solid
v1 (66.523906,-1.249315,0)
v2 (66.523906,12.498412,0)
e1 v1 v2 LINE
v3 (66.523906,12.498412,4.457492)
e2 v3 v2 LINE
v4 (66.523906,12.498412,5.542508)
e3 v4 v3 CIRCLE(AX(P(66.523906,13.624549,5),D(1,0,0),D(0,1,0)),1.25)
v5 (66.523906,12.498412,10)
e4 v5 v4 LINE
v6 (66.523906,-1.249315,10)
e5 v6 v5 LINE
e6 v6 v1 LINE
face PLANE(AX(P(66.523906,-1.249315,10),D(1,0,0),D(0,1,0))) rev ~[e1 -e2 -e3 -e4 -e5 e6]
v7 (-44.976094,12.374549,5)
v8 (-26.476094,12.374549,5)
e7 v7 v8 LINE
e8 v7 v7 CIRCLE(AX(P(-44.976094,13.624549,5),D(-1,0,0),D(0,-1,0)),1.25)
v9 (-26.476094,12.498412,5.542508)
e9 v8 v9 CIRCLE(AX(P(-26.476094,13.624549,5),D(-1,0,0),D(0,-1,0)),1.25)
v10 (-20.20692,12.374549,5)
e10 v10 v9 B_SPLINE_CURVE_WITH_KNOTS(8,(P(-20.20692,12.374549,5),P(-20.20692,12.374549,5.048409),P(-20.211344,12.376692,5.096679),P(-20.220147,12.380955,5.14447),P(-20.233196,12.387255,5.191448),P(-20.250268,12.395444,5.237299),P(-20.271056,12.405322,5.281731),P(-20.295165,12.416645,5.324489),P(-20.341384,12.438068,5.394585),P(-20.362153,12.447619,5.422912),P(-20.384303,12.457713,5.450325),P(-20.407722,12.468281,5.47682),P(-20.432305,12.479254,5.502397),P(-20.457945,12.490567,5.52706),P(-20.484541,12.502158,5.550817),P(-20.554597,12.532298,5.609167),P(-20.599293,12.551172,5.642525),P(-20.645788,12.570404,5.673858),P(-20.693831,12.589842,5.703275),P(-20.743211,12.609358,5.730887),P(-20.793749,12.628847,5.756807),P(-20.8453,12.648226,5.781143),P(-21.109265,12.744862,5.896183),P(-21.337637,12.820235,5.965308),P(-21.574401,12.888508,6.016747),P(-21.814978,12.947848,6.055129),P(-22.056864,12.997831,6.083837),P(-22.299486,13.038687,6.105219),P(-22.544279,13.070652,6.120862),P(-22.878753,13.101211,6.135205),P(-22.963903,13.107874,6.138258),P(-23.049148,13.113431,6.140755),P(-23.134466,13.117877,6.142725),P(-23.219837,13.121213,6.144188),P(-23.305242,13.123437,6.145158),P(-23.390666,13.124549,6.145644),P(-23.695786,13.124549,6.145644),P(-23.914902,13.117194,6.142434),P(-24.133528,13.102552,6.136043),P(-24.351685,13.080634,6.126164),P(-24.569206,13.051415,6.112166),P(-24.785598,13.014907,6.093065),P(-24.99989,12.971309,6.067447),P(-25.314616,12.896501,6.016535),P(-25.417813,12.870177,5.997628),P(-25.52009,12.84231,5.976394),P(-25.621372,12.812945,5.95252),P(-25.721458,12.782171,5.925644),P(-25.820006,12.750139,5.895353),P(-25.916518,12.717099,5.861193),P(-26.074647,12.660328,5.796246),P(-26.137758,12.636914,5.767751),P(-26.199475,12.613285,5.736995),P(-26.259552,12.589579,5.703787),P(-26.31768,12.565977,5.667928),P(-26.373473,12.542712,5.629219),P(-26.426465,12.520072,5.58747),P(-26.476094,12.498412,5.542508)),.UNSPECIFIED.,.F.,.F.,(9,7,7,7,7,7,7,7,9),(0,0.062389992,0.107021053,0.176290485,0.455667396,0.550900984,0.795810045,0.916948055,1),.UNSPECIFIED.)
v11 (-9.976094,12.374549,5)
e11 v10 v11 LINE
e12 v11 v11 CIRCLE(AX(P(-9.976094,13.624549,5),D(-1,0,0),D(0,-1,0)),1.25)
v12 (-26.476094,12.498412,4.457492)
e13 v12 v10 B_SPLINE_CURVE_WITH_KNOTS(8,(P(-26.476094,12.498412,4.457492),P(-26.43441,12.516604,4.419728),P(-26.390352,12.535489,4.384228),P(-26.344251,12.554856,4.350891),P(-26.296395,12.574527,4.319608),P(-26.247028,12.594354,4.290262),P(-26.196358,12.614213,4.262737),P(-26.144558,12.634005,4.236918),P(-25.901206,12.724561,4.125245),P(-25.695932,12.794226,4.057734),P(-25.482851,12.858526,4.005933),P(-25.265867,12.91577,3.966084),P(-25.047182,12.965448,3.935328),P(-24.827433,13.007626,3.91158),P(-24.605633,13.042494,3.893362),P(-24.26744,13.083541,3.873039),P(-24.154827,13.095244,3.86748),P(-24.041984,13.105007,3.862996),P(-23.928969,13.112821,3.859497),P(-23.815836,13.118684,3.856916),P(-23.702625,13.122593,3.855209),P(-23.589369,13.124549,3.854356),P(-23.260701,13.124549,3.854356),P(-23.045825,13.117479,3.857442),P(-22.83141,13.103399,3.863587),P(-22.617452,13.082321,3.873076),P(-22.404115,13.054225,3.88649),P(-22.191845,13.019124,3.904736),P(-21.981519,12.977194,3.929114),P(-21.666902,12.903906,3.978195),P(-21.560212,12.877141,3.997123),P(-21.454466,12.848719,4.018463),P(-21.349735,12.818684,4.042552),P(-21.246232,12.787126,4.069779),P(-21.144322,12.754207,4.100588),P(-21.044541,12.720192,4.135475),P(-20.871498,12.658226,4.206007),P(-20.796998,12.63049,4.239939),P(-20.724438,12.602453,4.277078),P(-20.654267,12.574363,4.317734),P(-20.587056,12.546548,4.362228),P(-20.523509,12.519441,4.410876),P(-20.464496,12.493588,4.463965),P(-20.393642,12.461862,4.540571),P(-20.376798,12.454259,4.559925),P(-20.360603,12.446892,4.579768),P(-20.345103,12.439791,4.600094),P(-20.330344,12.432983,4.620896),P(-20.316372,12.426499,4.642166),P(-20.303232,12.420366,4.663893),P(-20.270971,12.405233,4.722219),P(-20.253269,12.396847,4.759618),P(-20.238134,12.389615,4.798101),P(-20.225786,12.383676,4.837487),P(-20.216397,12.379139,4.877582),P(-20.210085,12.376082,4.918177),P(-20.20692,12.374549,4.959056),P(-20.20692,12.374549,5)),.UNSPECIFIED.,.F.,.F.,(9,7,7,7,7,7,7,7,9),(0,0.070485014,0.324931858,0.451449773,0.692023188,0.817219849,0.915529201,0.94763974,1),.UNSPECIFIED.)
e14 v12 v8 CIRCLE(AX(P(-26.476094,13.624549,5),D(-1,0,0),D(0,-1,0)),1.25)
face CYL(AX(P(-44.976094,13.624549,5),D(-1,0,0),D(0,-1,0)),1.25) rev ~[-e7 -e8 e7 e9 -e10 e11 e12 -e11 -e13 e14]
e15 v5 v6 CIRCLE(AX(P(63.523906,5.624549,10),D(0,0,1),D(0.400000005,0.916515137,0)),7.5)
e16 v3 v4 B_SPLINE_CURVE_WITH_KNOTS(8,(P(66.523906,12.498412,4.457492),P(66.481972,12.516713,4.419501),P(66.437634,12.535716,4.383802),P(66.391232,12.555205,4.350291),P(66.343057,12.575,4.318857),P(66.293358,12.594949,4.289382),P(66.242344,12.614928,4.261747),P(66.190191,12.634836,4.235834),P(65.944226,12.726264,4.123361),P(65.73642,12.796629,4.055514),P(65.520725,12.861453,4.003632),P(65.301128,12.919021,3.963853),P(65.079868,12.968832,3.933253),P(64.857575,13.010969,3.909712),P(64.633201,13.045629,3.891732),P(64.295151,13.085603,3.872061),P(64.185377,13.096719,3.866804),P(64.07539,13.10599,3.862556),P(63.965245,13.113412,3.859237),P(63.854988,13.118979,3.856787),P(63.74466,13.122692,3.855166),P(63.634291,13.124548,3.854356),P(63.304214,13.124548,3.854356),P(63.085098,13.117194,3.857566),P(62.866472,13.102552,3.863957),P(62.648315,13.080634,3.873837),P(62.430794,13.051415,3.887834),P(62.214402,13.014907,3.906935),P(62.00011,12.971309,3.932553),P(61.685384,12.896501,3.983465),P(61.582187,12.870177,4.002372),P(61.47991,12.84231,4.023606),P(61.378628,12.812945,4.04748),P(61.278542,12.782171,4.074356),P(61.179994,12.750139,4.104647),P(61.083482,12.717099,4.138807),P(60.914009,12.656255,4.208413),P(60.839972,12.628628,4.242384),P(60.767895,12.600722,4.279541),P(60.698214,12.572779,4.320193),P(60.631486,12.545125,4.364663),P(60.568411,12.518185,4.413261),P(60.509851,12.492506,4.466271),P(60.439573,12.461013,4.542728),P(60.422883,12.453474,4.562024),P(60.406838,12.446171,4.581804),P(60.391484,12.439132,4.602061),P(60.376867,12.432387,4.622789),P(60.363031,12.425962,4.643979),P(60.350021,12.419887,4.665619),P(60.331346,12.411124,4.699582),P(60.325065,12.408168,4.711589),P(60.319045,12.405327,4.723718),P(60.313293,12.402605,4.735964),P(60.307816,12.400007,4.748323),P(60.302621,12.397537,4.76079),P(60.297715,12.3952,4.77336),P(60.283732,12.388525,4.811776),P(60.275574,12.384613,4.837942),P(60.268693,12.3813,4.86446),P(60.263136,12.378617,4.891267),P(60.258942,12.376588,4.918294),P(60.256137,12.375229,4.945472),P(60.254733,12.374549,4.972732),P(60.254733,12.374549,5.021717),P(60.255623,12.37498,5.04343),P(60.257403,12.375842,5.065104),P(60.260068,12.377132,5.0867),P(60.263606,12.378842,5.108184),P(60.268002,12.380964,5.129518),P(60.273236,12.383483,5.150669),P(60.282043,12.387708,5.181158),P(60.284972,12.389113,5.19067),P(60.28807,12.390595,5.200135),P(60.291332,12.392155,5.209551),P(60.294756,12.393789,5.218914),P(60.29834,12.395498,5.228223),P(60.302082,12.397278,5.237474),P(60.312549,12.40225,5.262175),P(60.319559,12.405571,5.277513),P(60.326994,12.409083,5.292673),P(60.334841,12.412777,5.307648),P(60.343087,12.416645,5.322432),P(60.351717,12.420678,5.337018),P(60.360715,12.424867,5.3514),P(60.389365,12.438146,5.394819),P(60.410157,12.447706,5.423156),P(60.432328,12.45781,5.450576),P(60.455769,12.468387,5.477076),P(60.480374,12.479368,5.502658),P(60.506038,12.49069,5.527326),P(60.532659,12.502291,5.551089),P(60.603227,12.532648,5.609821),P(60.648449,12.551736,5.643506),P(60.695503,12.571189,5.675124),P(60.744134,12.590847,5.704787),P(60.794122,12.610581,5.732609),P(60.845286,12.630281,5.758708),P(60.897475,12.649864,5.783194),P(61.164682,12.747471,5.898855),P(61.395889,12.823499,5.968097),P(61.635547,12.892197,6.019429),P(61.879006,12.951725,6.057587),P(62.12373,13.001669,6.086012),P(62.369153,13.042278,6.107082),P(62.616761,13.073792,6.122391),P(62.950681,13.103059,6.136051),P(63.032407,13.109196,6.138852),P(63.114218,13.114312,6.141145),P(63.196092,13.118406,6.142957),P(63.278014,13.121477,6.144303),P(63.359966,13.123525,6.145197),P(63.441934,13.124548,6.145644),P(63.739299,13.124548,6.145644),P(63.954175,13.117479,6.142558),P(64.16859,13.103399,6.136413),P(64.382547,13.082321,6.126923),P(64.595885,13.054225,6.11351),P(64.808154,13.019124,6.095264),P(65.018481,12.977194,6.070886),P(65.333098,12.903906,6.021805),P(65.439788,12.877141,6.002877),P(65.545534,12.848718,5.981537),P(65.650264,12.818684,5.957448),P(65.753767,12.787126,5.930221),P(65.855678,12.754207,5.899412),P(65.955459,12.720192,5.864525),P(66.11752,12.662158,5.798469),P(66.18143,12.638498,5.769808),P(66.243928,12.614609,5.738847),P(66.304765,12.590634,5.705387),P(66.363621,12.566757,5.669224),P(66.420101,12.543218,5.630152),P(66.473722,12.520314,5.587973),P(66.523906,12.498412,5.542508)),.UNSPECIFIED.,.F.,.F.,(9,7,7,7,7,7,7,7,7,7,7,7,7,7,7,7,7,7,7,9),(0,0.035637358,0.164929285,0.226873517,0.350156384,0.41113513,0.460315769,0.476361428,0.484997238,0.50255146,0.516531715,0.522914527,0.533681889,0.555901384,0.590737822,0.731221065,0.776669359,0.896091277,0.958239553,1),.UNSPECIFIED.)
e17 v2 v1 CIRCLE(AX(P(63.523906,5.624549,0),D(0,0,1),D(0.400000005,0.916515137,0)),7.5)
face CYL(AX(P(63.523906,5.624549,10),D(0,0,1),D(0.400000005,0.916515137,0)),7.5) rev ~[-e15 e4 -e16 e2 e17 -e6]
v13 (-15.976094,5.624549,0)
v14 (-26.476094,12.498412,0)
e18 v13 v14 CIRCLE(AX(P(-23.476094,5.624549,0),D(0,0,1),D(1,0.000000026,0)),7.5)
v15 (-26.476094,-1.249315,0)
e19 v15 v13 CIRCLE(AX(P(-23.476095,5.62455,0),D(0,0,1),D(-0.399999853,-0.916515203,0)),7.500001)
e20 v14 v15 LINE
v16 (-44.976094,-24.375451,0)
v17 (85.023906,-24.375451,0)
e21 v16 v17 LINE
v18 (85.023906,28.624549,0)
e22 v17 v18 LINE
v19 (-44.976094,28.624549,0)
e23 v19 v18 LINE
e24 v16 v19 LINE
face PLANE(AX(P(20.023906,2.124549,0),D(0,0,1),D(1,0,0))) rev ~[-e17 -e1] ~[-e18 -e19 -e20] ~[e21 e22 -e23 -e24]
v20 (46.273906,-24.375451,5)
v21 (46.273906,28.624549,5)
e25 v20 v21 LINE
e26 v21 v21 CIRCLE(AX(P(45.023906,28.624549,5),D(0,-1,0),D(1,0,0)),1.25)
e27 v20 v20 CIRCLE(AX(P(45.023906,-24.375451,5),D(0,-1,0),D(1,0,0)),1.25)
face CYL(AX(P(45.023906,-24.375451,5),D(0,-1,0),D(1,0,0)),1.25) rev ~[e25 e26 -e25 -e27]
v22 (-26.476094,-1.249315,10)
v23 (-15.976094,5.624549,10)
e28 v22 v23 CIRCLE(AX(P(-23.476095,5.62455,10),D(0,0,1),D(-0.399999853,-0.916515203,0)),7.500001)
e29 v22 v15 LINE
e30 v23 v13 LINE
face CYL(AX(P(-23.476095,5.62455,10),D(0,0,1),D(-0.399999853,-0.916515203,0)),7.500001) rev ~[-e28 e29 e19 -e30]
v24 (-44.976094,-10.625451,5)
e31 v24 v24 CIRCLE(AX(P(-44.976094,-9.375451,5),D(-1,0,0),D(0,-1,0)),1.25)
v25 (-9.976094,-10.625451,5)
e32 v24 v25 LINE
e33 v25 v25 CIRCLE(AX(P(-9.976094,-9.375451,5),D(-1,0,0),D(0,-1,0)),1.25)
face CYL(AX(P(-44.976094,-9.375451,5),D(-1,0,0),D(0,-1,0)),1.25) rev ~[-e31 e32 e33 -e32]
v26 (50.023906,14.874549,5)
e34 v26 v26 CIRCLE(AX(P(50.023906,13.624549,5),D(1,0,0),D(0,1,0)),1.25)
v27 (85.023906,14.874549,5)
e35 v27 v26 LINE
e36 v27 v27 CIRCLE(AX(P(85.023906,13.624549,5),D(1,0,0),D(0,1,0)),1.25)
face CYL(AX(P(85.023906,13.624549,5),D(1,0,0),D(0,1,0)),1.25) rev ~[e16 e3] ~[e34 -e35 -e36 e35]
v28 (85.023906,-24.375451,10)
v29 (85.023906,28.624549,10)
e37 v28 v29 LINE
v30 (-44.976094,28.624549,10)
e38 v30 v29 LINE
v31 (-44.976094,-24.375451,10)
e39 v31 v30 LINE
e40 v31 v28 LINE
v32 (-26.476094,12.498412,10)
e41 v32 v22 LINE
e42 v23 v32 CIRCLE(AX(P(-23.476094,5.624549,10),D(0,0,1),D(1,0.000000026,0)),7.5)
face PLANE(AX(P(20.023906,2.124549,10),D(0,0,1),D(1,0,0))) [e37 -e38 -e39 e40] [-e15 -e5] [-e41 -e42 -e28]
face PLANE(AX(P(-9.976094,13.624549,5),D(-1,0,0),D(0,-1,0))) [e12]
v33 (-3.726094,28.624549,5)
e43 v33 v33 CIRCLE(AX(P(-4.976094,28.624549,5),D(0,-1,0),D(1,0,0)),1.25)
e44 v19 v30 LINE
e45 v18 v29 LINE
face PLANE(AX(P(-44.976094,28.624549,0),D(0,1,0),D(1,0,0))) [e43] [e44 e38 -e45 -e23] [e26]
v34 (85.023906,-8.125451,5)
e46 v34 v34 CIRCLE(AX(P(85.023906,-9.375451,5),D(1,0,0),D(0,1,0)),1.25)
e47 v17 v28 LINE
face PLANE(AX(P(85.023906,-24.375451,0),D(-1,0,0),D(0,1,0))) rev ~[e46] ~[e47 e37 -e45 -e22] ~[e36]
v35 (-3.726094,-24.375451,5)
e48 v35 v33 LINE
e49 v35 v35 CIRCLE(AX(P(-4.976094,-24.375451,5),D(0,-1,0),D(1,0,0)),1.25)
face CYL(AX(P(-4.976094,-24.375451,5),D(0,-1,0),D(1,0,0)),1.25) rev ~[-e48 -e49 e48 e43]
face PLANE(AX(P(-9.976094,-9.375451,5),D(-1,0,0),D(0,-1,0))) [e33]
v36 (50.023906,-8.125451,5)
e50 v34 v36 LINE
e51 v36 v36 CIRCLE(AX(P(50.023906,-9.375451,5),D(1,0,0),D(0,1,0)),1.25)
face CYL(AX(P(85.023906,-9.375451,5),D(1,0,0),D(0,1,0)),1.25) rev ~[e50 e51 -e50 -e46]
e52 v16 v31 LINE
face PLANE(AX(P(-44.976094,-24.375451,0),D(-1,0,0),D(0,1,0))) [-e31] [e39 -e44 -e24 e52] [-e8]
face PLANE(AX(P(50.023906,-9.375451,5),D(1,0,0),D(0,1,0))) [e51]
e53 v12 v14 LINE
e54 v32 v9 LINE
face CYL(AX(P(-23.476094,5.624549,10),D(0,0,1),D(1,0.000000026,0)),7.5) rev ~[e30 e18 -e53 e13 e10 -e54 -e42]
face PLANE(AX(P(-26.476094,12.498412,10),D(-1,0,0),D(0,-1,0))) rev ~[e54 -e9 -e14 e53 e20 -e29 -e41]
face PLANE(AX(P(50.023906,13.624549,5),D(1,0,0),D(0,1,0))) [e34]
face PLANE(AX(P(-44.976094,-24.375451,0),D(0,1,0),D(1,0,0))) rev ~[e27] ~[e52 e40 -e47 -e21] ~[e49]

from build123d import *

# Parameters (mm, degrees)
F0_W     = 130
F0_H     = 53
F1_DEPTH = 10
F2_R     = 1.25
F5_DEPTH = 35
F3_R     = 1.25
F6_DEPTH = 53
F4_R     = 1.25
F7_DEPTH = 35
F9_DEPTH = 10


with BuildPart() as f1:
    # F0 (on Top) → F1 (new body)
    with BuildSketch(Plane.XY):
        with Locations((20.023906, 2.124549)):
            Rectangle(F0_W, F0_H)
    extrude(amount=F1_DEPTH)

    # F2 (on face) → F5 (cut)
    with BuildSketch(Plane.YZ.offset(85.023906)):
        with Locations((-9.375451, 5)):
            Circle(F2_R)
        with Locations((13.624549, 5)):
            Circle(F2_R)
    extrude(amount=-F5_DEPTH, mode=Mode.SUBTRACT)

    # F3 (on face) → F6 (cut, through all)
    with BuildSketch(Plane.XZ.offset(24.375451)):
        with Locations((-4.976094, 5)):
            Circle(F3_R)
        with Locations((45.023906, 5)):
            Circle(F3_R)
    extrude(amount=-F6_DEPTH, mode=Mode.SUBTRACT)

    # F4 (on face) → F7 (cut)
    with BuildSketch(Plane(origin=(-44.976094, 0, 0), x_dir=(0, -1, 0), z_dir=(-1, 0, 0))):
        with Locations((-13.624549, 5)):
            Circle(F4_R)
        with Locations((9.375451, 5)):
            Circle(F4_R)
    extrude(amount=-F7_DEPTH, mode=Mode.SUBTRACT)

    # F8 (on face) → F9 (cut, through all)
    with BuildSketch(Plane.XY.offset(10)):
        with BuildLine():
            Line((66.523906, -1.249315), (66.523906, 12.498412))
            ThreePointArc((66.523906, 12.498412), (56.023906, 5.624549), (66.523906, -1.249315))
        make_face()
        with BuildLine():
            ThreePointArc((-26.476094, -1.249315), (-19.368175, -0.650401), (-15.976094, 5.624549))
            ThreePointArc((-15.976094, 5.624549), (-19.368175, 11.899499), (-26.476094, 12.498412))
            Line((-26.476094, 12.498412), (-26.476094, -1.249315))
        make_face()
    extrude(amount=-F9_DEPTH, mode=Mode.SUBTRACT)


solid = f1.part
